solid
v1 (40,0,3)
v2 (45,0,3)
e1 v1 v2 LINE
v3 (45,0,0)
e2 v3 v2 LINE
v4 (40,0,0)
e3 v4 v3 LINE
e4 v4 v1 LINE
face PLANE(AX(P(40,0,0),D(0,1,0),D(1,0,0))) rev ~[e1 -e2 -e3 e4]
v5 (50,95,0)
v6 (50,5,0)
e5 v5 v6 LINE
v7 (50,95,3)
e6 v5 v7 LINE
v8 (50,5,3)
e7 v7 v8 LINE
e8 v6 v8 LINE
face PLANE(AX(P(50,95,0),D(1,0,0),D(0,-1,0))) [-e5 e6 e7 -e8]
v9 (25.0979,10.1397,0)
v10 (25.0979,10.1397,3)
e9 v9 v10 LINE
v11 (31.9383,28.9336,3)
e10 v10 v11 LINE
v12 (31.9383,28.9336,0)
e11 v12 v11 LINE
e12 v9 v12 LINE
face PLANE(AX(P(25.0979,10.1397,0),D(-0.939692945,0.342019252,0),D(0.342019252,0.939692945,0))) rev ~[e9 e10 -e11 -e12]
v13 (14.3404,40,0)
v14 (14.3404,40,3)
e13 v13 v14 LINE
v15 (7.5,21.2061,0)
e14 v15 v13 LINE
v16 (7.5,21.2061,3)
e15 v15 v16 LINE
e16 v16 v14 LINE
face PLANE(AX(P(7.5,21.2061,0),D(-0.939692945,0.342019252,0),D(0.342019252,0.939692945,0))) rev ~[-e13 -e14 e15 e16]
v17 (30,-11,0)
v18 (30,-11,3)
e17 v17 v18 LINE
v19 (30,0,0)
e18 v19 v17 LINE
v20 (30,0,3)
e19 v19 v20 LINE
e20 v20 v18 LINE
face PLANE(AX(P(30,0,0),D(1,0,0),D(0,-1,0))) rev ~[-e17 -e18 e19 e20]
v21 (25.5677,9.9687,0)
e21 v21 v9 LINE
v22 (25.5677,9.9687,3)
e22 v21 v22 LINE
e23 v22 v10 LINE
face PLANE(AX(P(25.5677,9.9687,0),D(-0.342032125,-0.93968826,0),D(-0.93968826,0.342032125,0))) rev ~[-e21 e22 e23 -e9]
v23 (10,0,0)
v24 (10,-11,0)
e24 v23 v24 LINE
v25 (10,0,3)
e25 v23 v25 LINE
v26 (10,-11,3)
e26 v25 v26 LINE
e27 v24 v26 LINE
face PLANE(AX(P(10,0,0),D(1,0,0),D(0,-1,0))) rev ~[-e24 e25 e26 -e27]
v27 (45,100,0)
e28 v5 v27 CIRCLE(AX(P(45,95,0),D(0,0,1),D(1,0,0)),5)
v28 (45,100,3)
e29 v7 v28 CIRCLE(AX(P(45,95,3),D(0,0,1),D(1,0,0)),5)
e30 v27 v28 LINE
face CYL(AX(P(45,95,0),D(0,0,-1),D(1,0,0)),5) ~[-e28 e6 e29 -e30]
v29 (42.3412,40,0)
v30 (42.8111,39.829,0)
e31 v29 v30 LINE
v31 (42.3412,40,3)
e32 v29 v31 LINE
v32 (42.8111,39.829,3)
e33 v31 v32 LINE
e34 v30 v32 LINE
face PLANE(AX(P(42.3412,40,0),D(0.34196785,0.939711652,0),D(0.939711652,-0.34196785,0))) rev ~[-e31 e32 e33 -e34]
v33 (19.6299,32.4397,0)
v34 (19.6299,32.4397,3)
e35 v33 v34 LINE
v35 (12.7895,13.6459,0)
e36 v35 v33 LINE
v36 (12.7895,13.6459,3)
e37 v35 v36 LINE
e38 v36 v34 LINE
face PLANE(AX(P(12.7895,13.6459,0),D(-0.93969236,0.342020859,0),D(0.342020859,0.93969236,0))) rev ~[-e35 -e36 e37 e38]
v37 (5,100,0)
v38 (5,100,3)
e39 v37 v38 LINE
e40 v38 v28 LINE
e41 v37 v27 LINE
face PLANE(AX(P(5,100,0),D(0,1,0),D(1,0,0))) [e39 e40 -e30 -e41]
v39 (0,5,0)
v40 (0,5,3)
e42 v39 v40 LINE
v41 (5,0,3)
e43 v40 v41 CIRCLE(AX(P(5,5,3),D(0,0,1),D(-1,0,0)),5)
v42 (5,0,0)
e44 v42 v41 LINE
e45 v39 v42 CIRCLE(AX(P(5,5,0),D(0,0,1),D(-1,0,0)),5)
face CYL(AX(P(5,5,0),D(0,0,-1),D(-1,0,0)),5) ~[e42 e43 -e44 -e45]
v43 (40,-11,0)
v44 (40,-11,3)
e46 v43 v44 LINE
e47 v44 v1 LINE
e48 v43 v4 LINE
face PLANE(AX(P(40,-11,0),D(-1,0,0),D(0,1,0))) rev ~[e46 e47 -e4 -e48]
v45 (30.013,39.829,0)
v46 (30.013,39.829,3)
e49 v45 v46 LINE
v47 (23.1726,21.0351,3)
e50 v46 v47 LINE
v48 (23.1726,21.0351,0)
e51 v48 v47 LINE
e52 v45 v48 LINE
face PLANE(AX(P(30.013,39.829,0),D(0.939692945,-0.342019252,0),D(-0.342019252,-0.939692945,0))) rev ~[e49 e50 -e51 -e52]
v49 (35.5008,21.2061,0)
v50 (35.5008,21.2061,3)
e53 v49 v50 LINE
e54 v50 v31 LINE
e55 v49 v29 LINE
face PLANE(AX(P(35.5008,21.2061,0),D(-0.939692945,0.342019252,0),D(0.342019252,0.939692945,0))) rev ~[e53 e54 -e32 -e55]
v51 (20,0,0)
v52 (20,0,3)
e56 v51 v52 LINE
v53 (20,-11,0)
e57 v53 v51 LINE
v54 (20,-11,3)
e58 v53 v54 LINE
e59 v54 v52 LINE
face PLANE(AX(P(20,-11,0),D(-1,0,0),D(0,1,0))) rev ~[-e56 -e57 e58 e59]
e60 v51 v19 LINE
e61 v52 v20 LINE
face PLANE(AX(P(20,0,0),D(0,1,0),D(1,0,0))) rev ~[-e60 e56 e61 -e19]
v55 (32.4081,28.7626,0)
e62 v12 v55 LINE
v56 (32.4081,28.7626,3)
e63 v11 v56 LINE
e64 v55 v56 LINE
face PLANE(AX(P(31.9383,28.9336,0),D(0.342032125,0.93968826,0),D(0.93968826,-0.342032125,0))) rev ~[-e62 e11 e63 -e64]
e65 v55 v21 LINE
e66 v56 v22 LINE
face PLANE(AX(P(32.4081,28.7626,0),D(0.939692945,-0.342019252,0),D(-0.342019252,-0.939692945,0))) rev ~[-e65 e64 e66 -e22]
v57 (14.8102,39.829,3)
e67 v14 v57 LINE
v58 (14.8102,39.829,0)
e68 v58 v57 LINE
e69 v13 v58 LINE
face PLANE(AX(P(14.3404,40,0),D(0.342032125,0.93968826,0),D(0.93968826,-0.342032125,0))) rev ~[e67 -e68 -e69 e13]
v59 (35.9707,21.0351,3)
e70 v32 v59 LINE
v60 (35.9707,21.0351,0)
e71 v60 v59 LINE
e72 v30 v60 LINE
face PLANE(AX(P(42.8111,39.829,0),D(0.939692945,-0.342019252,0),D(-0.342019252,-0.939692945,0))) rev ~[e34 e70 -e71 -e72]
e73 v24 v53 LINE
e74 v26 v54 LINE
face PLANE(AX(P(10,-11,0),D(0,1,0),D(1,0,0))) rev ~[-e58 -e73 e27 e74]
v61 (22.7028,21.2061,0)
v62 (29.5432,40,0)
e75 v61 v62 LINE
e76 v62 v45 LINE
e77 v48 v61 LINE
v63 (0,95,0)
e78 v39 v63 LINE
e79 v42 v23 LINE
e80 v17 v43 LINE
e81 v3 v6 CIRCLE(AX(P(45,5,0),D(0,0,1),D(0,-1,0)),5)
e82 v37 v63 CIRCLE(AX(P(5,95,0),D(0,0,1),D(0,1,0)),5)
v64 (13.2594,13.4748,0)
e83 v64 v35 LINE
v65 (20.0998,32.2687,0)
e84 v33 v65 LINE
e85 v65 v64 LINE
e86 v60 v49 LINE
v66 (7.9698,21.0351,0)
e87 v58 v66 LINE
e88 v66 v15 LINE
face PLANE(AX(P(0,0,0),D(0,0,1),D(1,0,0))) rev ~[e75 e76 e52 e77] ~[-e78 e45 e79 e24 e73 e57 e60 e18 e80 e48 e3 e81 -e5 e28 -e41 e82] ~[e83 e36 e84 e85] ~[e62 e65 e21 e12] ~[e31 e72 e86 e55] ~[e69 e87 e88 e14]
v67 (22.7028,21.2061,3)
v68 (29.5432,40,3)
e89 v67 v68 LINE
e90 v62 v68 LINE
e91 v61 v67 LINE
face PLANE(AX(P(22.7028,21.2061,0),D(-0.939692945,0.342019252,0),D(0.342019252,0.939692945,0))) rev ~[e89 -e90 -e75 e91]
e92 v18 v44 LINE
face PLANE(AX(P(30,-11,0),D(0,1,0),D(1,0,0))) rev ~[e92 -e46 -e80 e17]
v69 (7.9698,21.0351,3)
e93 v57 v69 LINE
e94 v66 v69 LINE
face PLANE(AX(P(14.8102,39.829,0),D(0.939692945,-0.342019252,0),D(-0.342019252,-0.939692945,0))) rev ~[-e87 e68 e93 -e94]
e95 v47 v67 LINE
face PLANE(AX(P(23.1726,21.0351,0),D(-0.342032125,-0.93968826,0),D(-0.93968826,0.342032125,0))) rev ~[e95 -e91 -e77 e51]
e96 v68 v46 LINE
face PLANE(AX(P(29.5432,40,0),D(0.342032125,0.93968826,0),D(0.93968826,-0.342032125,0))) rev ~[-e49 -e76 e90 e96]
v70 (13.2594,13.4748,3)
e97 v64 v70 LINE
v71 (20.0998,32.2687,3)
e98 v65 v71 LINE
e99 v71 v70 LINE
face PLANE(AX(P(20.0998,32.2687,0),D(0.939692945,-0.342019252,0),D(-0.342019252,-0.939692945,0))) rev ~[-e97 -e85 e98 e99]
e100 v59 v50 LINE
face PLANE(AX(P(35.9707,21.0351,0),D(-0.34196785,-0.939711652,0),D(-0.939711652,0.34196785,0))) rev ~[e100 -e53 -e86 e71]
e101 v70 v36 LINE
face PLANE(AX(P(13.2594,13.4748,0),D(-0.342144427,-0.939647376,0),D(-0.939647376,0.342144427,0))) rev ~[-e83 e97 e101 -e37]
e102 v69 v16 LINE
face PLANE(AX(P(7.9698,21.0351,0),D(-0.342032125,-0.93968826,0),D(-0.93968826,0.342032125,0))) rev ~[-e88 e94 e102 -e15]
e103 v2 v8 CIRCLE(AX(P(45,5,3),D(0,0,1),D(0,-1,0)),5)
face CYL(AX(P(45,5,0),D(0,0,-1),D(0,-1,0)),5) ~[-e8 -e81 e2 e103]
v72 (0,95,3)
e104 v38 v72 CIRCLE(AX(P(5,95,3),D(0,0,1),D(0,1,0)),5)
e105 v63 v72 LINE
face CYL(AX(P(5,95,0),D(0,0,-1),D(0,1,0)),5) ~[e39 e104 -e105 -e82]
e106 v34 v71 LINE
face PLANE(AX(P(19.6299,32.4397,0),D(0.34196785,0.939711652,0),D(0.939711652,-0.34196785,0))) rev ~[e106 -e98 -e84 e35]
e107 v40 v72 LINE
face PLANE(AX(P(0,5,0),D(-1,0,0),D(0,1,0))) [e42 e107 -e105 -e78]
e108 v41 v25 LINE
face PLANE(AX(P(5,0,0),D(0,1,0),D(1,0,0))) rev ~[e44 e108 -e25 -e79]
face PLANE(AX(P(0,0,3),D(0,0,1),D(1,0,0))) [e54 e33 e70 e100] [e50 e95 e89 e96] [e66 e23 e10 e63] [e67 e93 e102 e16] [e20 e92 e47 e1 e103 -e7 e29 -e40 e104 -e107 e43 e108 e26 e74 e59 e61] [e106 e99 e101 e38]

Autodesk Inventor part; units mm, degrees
ref_plane "YZ Plane" through (0, 0, 0) normal (1, 0, 0) x (0, 1, 0)
ref_plane "XZ Plane" through (0, 0, 0) normal (0, 1, 0) x (-1, 0, 0)
ref_plane "XY Plane" through (0, 0, 0) normal (0, 0, 1) x (1, 0, 0)
sketch "Skizze1" plane through (0, 0, 0) normal (0, 0, 1) x (1, 0, 0)
  line L0 (0, 5) -> (0, 95)
  line L1 (5, 100) -> (45, 100)
  line L2 (50, 95) -> (50, 5)
  arc A0 (5, 100) -> (0, 95) centre (5, 95) ccw
  arc A1 (50, 95) -> (45, 100) centre (45, 95) ccw
  arc A2 (45, 0) -> (50, 5) centre (45, 5) ccw
  arc A3 (0, 5) -> (5, 0) centre (5, 5) ccw
  line L3 (10, 0) -> (10, -11)
  line L4 (10, -11) -> (20, -11)
  line L5 (20, -11) -> (20, 0)
  line L6 (30, 0) -> (30, -11)
  line L7 (30, -11) -> (40, -11)
  line L8 (40, -11) -> (40, 0)
  line L9 (5, 0) -> (10, 0)
  line L10 (20, 0) -> (30, 0)
  line L11 (40, 0) -> (45, 0)
  line L12 (14.3404, 40) -> (14.8102, 39.829)
  line L13 (14.8102, 39.829) -> (7.9698, 21.0351)
  line L14 (7.9698, 21.0351) -> (7.5, 21.2061)
  line L15 (7.5, 21.2061) -> (14.3404, 40)
  line L16 (19.6299, 32.4397) -> (20.0998, 32.2687)
  line L17 (20.0998, 32.2687) -> (13.2594, 13.4748)
  line L18 (13.2594, 13.4748) -> (12.7895, 13.6459)
  line L19 (12.7895, 13.6459) -> (19.6299, 32.4397)
  line L20 (29.5432, 40) -> (30.013, 39.829)
  line L21 (30.013, 39.829) -> (23.1726, 21.0351)
  line L22 (22.7028, 21.2061) -> (29.5432, 40)
  line L23 (23.1726, 21.0351) -> (22.7028, 21.2061)
  line L24 (42.3412, 40) -> (42.8111, 39.829)
  line L25 (35.5008, 21.2061) -> (42.3412, 40)
  line L26 (42.8111, 39.829) -> (35.9707, 21.0351)
  line L27 (35.9707, 21.0351) -> (35.5008, 21.2061)
  line L28 (31.9383, 28.9336) -> (32.4081, 28.7626)
  line L29 (25.0979, 10.1397) -> (31.9383, 28.9336)
  line L30 (32.4081, 28.7626) -> (25.5677, 9.9687)
  line L31 (25.5677, 9.9687) -> (25.0979, 10.1397)
  point P0 (0, 0)
  dimension "d1" = 50
  dimension "d3" = 5
  dimension "d4" = 11
  dimension "d5" = 10
  dimension "d6" = 100
  dimension "d9" = 0.5
  dimension "d10" = 20
  dimension "d11" = 20
  dimension "d12" = 7.5
  dimension "d14" = 40
extrude "Extrusion1" add sketch "Skizze1" along normal blind 3
properties part number "Scheibe" material "Glas"
